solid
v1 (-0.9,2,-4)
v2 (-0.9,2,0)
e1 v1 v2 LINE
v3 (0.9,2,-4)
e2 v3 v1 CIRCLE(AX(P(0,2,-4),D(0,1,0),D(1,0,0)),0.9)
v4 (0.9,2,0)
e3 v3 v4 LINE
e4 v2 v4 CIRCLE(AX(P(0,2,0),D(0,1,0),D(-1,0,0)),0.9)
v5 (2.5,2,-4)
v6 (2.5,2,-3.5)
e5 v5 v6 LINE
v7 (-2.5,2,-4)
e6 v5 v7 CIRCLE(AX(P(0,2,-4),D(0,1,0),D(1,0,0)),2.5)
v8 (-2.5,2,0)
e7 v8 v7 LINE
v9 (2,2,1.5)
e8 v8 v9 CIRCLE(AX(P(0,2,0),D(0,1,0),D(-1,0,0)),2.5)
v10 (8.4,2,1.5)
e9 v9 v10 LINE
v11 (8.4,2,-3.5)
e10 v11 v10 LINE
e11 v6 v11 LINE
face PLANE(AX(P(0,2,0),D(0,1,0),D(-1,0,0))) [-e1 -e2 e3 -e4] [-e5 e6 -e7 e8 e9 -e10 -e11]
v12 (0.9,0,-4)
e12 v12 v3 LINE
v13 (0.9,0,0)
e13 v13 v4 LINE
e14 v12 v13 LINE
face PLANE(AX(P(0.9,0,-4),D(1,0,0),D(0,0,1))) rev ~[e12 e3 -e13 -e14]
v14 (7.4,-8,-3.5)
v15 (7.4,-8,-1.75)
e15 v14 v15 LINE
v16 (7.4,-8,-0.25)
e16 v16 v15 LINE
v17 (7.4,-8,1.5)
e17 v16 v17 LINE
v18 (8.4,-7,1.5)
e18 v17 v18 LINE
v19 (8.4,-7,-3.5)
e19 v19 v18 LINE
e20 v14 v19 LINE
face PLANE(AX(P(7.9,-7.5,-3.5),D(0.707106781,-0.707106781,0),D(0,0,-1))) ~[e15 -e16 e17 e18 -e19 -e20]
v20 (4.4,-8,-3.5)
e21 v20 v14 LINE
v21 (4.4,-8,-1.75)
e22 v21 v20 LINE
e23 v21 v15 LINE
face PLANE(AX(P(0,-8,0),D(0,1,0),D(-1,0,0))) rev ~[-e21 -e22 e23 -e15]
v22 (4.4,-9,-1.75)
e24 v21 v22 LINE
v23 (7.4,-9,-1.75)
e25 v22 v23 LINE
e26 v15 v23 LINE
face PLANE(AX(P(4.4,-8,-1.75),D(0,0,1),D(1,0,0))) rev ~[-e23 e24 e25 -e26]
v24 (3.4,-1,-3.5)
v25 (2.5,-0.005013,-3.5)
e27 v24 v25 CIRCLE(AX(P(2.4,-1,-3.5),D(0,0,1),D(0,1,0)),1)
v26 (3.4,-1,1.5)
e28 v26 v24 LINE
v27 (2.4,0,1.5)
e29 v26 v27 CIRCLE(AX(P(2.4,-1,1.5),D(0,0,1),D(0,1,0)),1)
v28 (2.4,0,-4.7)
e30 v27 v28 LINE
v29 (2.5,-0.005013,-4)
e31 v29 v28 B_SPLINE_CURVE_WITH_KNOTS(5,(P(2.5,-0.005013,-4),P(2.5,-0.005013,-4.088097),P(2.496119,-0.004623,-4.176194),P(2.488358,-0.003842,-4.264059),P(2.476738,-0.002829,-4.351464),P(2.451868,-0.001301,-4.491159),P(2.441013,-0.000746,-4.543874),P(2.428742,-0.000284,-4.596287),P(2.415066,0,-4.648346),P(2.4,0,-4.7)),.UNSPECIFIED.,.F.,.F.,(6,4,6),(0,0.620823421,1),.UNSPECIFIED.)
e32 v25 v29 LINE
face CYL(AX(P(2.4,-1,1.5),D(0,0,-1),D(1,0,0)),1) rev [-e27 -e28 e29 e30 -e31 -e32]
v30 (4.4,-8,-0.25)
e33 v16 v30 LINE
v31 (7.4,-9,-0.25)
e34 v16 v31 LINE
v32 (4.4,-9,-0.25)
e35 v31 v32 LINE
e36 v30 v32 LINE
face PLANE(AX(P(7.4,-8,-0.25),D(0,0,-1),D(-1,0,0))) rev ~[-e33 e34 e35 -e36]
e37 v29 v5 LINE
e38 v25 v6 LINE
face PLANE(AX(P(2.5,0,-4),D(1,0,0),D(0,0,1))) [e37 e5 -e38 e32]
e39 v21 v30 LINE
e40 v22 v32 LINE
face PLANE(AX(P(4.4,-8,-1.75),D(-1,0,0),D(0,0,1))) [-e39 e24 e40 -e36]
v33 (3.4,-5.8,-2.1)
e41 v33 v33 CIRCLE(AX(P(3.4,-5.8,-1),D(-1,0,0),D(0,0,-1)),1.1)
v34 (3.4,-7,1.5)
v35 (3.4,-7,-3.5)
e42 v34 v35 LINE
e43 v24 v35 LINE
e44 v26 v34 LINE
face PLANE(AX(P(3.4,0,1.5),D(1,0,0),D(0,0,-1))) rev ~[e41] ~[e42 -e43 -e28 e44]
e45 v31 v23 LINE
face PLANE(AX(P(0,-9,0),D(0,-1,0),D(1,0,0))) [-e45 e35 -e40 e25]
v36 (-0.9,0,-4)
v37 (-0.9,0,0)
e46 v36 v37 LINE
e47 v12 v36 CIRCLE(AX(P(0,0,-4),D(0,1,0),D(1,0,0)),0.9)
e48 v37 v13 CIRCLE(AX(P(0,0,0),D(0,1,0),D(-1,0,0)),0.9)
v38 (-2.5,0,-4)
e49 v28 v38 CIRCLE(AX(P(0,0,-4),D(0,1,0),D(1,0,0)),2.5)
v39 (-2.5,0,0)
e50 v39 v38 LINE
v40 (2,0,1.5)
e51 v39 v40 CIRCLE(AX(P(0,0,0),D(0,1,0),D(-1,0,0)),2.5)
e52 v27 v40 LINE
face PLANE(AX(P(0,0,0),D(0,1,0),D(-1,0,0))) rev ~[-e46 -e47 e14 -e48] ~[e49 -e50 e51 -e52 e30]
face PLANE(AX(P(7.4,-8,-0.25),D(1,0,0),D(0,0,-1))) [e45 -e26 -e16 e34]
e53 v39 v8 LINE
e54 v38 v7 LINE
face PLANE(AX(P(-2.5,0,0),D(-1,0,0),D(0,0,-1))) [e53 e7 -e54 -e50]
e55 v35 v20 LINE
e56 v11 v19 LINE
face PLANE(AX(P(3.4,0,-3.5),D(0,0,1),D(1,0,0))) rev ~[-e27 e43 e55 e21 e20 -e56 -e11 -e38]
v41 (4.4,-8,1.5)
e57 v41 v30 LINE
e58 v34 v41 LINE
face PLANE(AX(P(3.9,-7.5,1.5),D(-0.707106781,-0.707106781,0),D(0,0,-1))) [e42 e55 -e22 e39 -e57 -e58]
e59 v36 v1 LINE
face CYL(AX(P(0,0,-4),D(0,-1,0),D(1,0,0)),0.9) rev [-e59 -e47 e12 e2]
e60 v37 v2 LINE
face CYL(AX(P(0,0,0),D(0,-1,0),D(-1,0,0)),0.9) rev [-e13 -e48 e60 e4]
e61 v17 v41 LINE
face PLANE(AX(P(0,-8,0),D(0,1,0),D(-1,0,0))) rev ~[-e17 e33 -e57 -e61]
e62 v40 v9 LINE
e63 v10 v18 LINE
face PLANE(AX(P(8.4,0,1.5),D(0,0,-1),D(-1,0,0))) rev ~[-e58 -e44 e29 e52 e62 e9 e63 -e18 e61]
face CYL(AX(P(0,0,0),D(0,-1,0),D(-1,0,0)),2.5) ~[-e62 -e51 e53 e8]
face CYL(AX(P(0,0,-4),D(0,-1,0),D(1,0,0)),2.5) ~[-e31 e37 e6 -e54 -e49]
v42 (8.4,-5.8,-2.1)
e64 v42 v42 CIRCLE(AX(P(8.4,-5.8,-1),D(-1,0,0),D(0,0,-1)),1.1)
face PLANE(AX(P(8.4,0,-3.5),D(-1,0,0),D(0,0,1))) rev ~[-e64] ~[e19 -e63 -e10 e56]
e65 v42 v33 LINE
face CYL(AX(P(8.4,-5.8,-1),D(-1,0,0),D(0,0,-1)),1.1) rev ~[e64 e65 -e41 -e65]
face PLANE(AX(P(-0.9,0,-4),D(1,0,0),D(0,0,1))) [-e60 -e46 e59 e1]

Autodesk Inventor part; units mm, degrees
ref_plane "YZ Plane" through (0, 0, 0) normal (1, 0, 0) x (0, 1, 0)
ref_plane "XZ Plane" through (0, 0, 0) normal (0, 1, 0) x (-1, 0, 0)
sketch "スケッチ1" plane through (0, 0, 0) normal (0, 1, 0) x (-1, 0, 0)
  arc A0 (0.9, 0) -> (-0.9, 0) centre (0, 0) ccw
  arc A1 (-0.9, -4) -> (0.9, -4) centre (0, -4) ccw
  line L0 (0, 0) -> (0, -4) construction
  line L1 (-0.9, -4) -> (-0.9, 0)
  line L2 (0.9, -4) -> (0.9, 0)
  arc A2 (-2.5, -4) -> (2.5, -4) centre (0, -4) ccw
  line L3 (-2.5, -4) -> (-2.5, 0)
  arc A3 (2.5, 0) -> (-2.5, 0) centre (0, 0) ccw
  line L4 (2.5, 0) -> (2.5, -4)
  line L5 (-2.5, -3.5) -> (-8.4, -3.5)
  line L6 (-8.4, -3.5) -> (-8.4, 1.5)
  line L7 (-8.4, 1.5) -> (-3.4, 1.5)
  line L8 (-3.4, -3.5) -> (-8.4, -3.5)
  line L9 (-8.4, -3.5) -> (-8.4, 1.5)
  line L10 (-8.4, 1.5) -> (-3.4, 1.5)
  line L11 (-3.4, 1.5) -> (-3.4, -3.5)
  line L12 (-3.4, 1.5) -> (-2, 1.5)
  point P0 (-5.9, -3.5)
  point P1 (-3.4, 2.5)
  point P2 (0, 2.5)
  dimension "d0" = 1.8
  dimension "d1" = 4
  dimension "d2" = 1.6
  dimension "d40" = 5
  dimension "d41" = 5.9
  dimension "d42" = 5
  dimension "d58" = 1
extrude "押し出し1" add sketch "スケッチ1" along normal blind 2
extrude "押し出し4" add sketch "スケッチ1" against normal blind 8 contours L5 L6 L7 L11
sketch "スケッチ6" plane through (8.4, 2, 1.5) normal (1, 0, 0) x (0, 0, -1)
  line L0 (5, -10) -> (0, -10) projected
  point P0 (1.5, -2)
  point P1 (2.5, -7.8)
  point P2 (2.5, -10)
  dimension "d43" = 2.2
hole "穴3" at (8.4, -5.8, -1) direction (-1, 0, 0) diameter 2.2 end through all
fillet "フィレット3" radius 1 1 edges at (3.4, 0, -1)
ref_plane "作業平面2" through (0, 0, 0) normal (1, 0, 0) x (0, 0, -1)
chamfer "面取り1" distance 1 angle 45 2 edges at (3.4, -8, -1) (8.4, -8, -1)
sketch "スケッチ7" plane through (0, -8, 0) normal (0, -1, 0) x (1, 0, 0)
  line L0 (7.4, 1.5) -> (7.4, -3.5) projected
  line L1 (4.4, -3.5) -> (4.4, 1.5) projected
  line L2 (7.4, -0.25) -> (4.4, -0.25)
  line L3 (4.4, -0.25) -> (4.4, -1.75)
  line L4 (4.4, -1.75) -> (7.4, -1.75)
  line L5 (7.4, -1.75) -> (7.4, -0.25)
  point P0 (0, 0)
  point P1 (7.4, -1)
  point P2 (4.4, -0.25)
  dimension "d55" = 1.5
extrude "押し出し5" add sketch "スケッチ7" along normal blind 1
properties part number "om_Drop_L" material "ABS プラスチック"
